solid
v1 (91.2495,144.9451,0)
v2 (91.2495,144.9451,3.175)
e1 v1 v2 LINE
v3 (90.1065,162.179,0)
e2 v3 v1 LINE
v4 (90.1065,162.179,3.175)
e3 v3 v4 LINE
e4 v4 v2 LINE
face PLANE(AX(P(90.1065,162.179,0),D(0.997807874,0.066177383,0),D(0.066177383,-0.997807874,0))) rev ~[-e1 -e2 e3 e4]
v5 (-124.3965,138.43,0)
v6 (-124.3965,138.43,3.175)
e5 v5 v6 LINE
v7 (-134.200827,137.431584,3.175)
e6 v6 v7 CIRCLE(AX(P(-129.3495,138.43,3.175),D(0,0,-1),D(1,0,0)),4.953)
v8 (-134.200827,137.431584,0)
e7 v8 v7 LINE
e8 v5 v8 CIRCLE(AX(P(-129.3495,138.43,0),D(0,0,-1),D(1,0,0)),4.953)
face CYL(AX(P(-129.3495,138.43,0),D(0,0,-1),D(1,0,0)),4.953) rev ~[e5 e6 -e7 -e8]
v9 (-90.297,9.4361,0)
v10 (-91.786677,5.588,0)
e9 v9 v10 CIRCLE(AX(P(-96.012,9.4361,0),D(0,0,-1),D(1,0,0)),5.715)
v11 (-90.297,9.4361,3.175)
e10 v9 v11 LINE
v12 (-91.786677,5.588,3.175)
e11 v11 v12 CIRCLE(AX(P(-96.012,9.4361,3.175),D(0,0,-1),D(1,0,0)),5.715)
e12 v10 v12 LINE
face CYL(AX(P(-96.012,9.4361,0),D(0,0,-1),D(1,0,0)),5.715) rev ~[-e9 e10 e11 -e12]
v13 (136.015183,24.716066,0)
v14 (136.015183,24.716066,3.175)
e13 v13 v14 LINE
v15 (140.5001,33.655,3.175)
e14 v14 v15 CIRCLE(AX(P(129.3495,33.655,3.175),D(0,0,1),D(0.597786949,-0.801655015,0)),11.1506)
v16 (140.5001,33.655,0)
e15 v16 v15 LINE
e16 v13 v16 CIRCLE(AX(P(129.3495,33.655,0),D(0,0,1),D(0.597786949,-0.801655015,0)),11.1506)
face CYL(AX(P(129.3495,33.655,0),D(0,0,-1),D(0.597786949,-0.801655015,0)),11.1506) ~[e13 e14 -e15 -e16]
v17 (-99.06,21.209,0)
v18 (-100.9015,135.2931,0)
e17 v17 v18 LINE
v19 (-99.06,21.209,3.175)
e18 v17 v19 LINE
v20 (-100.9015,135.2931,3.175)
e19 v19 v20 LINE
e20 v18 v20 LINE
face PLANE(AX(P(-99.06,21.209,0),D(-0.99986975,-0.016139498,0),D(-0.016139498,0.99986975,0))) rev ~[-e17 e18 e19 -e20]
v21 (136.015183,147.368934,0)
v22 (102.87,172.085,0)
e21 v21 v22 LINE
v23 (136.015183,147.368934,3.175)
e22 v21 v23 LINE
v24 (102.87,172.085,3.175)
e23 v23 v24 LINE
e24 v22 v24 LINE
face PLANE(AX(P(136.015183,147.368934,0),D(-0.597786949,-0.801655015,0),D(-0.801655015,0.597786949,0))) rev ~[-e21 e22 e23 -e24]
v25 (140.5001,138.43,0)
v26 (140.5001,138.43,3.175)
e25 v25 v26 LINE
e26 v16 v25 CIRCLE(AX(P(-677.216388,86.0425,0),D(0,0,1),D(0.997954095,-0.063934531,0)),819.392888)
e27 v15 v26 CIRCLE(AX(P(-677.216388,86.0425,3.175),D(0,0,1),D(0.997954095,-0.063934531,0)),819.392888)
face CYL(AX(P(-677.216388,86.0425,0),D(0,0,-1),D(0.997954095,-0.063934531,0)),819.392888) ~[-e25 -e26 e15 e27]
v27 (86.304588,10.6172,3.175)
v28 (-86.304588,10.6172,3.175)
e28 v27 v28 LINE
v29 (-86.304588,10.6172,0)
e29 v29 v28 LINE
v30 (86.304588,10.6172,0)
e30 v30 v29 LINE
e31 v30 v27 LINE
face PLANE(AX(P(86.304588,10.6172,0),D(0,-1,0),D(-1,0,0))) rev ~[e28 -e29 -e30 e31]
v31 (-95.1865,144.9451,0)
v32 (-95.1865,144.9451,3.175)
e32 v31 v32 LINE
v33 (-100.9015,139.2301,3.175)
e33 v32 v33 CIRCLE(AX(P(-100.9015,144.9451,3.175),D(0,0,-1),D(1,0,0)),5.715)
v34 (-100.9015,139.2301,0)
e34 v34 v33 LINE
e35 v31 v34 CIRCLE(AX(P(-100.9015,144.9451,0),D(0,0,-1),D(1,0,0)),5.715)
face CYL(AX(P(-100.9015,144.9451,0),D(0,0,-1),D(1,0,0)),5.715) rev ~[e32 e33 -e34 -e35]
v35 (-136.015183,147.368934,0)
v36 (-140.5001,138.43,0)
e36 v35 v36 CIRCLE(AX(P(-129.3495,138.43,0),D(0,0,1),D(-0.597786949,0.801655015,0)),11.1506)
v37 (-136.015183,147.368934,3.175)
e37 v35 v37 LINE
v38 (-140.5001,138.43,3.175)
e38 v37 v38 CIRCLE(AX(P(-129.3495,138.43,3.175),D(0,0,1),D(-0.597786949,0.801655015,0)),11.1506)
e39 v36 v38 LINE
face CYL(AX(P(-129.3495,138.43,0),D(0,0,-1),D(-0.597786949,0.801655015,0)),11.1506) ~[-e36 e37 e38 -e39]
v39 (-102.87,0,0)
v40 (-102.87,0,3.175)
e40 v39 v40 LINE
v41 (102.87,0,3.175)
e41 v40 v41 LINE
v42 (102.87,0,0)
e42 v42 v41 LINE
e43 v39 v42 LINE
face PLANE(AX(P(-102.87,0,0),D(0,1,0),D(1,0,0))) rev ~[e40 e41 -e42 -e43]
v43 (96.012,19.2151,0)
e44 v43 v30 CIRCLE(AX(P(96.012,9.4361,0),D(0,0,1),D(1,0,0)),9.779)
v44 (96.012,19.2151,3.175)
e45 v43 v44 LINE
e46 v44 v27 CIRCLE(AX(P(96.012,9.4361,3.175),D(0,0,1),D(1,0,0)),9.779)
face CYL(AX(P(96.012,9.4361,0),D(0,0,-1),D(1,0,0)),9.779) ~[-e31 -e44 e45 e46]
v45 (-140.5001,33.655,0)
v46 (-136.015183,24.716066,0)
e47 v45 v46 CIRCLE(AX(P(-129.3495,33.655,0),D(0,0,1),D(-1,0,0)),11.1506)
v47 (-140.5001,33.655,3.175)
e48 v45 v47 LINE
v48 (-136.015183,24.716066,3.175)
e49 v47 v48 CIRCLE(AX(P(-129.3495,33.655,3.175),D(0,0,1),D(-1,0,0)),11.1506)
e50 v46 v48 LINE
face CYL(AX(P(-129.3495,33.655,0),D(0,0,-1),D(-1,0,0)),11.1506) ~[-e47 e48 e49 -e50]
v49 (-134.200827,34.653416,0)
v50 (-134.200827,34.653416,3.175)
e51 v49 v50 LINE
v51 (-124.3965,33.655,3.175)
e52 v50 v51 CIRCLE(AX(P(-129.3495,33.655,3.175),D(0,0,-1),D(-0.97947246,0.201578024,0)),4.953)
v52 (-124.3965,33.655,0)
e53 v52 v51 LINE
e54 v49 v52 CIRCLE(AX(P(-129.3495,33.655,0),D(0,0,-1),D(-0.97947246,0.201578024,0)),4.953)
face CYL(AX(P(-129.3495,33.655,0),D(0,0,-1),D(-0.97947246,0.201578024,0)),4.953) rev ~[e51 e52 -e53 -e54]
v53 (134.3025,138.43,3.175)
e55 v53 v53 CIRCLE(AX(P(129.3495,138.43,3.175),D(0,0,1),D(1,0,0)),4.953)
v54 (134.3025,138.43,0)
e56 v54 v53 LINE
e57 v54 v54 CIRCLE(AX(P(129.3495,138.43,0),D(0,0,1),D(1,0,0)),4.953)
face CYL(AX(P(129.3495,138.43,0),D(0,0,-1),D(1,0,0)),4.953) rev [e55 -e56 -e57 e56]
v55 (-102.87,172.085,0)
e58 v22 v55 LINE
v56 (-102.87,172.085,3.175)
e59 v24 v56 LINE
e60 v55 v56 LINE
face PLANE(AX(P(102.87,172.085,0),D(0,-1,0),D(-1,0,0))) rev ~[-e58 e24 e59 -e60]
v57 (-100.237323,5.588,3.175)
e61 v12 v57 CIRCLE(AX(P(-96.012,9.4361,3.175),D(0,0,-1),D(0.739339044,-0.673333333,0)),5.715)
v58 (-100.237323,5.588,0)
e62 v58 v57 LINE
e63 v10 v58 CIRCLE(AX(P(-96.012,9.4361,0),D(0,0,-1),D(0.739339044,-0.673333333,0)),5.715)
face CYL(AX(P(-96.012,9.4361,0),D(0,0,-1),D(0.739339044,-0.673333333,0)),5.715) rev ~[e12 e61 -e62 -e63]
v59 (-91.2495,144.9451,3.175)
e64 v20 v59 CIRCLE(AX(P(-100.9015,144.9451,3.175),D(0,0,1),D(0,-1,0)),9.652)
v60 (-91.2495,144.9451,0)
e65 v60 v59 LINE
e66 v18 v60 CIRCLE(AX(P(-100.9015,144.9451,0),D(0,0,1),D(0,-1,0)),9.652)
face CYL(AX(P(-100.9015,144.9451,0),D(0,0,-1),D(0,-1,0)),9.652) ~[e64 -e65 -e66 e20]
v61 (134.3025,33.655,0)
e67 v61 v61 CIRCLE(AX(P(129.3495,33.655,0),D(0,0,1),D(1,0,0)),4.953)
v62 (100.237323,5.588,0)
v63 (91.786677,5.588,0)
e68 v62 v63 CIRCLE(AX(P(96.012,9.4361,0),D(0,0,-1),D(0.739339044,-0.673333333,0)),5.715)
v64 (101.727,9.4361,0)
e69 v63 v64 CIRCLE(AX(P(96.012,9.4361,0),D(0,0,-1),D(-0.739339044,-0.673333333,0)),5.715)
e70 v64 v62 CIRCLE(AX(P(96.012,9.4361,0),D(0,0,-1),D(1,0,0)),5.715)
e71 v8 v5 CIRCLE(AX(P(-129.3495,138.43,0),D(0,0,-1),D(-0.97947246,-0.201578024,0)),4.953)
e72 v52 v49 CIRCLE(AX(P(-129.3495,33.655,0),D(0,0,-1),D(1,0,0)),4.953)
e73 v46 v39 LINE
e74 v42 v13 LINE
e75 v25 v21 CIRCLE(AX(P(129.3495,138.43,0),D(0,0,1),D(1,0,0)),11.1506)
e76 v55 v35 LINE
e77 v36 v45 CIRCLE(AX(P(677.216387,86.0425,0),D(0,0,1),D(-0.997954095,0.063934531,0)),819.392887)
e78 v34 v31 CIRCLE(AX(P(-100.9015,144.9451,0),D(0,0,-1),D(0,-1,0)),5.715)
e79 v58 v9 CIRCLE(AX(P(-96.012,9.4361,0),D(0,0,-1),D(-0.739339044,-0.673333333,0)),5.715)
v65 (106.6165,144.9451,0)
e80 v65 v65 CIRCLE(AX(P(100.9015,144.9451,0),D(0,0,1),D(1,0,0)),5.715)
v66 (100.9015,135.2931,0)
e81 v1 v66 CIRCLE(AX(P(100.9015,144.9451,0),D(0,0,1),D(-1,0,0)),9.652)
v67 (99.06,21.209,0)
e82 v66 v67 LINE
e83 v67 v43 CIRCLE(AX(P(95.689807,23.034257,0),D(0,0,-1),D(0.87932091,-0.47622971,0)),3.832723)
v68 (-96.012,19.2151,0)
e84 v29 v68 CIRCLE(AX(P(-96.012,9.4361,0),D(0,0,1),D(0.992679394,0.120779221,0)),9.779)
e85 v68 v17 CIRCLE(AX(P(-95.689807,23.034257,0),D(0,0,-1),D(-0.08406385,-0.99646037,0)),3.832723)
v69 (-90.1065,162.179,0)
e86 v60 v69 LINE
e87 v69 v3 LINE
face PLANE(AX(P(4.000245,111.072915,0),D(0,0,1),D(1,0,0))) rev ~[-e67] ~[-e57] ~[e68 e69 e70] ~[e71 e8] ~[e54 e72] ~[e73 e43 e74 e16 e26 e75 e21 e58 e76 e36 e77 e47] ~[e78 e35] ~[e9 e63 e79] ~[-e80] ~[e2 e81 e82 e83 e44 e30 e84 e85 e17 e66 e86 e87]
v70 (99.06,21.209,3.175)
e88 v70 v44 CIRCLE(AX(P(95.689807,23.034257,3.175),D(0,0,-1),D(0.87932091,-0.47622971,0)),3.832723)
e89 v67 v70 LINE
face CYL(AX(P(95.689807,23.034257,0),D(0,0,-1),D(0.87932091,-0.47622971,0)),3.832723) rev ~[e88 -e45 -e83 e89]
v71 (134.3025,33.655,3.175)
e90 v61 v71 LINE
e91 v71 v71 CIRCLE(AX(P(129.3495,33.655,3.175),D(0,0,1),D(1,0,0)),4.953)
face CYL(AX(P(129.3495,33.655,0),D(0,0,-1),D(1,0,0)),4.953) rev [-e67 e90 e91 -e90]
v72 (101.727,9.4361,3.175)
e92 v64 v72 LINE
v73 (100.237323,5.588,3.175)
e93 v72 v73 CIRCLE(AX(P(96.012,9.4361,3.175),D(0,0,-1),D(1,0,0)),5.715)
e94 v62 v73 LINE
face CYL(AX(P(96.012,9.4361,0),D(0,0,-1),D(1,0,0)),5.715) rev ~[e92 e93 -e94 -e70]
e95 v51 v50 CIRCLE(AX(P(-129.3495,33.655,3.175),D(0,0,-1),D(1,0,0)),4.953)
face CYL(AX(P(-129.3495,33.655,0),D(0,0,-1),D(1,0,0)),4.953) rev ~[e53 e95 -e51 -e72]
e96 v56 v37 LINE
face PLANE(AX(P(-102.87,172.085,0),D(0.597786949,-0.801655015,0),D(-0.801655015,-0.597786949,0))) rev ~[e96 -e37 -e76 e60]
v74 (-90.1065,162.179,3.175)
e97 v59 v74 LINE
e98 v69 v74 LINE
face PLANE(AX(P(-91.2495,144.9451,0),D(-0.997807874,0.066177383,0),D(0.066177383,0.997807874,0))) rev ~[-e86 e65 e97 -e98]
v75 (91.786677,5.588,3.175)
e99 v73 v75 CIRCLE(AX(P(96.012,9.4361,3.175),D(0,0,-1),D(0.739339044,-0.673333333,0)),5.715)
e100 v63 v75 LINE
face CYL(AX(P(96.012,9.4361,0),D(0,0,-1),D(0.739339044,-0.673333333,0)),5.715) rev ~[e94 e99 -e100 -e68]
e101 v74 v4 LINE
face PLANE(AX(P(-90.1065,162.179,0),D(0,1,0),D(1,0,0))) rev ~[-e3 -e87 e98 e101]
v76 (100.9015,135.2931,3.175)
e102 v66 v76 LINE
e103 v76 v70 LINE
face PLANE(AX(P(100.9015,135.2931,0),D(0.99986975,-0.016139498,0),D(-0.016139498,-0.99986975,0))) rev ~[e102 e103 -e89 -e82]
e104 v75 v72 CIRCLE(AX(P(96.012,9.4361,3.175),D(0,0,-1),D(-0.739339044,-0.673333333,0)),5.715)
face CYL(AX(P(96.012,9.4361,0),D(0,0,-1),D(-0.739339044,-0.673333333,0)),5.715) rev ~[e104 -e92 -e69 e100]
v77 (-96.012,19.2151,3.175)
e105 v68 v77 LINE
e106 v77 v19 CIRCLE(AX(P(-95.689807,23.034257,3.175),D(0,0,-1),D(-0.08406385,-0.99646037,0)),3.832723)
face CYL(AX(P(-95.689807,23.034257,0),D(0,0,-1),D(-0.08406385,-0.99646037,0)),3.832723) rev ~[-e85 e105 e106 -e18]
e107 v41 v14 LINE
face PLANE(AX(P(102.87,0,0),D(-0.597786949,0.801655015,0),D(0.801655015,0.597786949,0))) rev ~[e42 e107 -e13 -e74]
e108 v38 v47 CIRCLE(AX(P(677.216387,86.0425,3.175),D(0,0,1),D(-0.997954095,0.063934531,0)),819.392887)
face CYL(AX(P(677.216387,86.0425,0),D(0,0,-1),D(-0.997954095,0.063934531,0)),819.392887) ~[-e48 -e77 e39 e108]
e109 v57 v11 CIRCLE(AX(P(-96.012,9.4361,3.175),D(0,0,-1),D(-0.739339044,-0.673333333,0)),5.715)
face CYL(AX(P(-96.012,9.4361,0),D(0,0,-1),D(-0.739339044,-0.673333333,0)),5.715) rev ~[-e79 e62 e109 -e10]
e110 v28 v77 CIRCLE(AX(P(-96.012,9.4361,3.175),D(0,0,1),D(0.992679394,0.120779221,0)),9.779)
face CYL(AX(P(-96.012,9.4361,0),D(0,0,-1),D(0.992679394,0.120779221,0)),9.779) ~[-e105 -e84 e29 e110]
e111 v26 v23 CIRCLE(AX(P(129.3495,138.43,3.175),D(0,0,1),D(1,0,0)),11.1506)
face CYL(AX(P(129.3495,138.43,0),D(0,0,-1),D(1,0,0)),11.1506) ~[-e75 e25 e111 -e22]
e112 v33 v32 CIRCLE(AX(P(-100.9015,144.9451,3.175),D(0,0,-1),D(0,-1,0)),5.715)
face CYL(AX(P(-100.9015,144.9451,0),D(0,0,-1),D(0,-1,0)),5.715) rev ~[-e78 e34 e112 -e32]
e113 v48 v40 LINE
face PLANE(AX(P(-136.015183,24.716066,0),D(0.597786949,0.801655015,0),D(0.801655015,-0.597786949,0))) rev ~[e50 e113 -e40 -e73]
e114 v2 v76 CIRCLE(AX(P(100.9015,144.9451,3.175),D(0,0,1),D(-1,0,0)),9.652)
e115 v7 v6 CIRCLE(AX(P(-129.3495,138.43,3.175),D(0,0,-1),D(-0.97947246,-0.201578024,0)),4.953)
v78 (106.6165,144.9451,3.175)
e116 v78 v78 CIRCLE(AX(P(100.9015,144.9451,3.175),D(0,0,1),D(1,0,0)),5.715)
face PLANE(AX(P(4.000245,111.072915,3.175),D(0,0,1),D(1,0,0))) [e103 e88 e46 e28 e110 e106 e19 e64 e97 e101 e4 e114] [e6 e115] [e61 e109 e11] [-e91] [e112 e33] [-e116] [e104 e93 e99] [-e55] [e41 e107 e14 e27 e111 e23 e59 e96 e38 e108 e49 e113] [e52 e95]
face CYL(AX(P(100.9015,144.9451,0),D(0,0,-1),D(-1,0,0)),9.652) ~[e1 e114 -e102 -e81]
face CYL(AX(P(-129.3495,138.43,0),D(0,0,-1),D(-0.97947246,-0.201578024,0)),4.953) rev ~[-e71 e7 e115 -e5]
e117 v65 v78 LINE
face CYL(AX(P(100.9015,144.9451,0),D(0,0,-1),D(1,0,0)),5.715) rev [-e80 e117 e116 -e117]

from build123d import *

# Parameters (mm, degrees)
F0_R     = 4.953
F0_R_2   = 5.715
F1_DEPTH = 3.175


with BuildPart() as f1:
    # F0 (on Top) → F1 (new body)
    with BuildSketch(Plane.XY):
        with BuildLine():
            ThreePointArc((-134.709203531, 128.651991081), (-135.82649827, 86.0425), (-134.709203531, 43.433008919))
            ThreePointArc((-134.709203531, 43.433008919), (-123.6674242276, 43.2492636652), (-118.1989, 33.655))
            ThreePointArc((-118.1989, 33.655), (-124.3490243362, 23.6884999375), (-136.0151831589, 24.7160655901))
            Line((-136.0151831589, 24.7160655901), (-110.3637203422, 5.588))
            Line((-110.3637203422, 5.588), (-105.0020482418, 5.588))
            ThreePointArc((-105.0020482418, 5.588), (-104.1747020924, 14.8211845444), (-96.012, 19.2151))
            ThreePointArc((-96.012, 19.2151), (-97.7879818424, 19.8268548269), (-99.06, 21.209))
            Line((-99.06, 21.209), (-100.9015, 135.2931))
            ThreePointArc((-100.9015, 135.2931), (-107.726494652, 151.770094652), (-91.2495, 144.9451))
            Line((-91.2495, 144.9451), (-90.1065, 162.179))
            Line((-90.1065, 162.179), (0, 162.179))
            Line((0, 162.179), (90.1065, 162.179))
            Line((90.1065, 162.179), (91.2495, 144.9451))
            ThreePointArc((91.2495, 144.9451), (100.9015, 154.5971), (110.5535, 144.9451))
            ThreePointArc((110.5535, 144.9451), (107.726494652, 138.120105348), (100.9015, 135.2931))
            Line((100.9015, 135.2931), (99.06, 21.209))
            ThreePointArc((99.06, 21.209), (97.7879818424, 19.8268548269), (96.012, 19.2151))
            ThreePointArc((96.012, 19.2151), (102.9267972132, 16.3508972132), (105.791, 9.4361))
            ThreePointArc((105.791, 9.4361), (105.591731801, 7.4720277962), (105.0020482418, 5.588))
            Line((105.0020482418, 5.588), (110.3637203422, 5.588))
            Line((110.3637203422, 5.588), (136.0151831589, 24.7160655901))
            ThreePointArc((136.0151831589, 24.7160655901), (119.3829999375, 38.6554756638), (140.5001, 33.655))
            ThreePointArc((140.5001, 33.655), (141.7572927653, 59.8353422316), (142.1765, 86.0425000001))
            ThreePointArc((142.1765, 86.0425000001), (141.7572927653, 112.2496577685), (140.5001, 138.43))
            ThreePointArc((140.5001, 138.43), (119.3829999375, 133.4295243362), (136.0151831589, 147.3689344099))
            Line((136.0151831589, 147.3689344099), (110.3637203422, 166.497))
            Line((110.3637203422, 166.497), (-110.3637203422, 166.497))
            Line((-110.3637203422, 166.497), (-136.0151831589, 147.3689344099))
            ThreePointArc((-136.0151831589, 147.3689344099), (-124.3490243362, 148.3965000625), (-118.1989, 138.43))
            ThreePointArc((-118.1989, 138.43), (-123.6674242276, 128.8357363348), (-134.709203531, 128.651991081))
        make_face()
        with BuildLine():
            ThreePointArc((-140.5001, 138.43), (-138.9437636652, 132.7479242276), (-134.709203531, 128.651991081))
            ThreePointArc((-134.709203531, 128.651991081), (-123.6674242276, 128.8357363348), (-118.1989, 138.43))
            ThreePointArc((-118.1989, 138.43), (-124.3490243362, 148.3965000625), (-136.0151831589, 147.3689344099))
            ThreePointArc((-136.0151831589, 147.3689344099), (-139.3160000625, 143.4304756638), (-140.5001, 138.43))
        make_face()
        with BuildLine():
            ThreePointArc((-124.3965, 138.43), (-128.8477102552, 133.5024837847), (-134.2008270955, 137.4315840484))
            ThreePointArc((-134.2008270955, 137.4315840484), (-129.8512897448, 143.3575162153), (-124.3965, 138.43))
        make_face(mode=Mode.SUBTRACT)
        with BuildLine():
            ThreePointArc((-140.5001, 33.655), (-138.9437636652, 39.3370757724), (-134.709203531, 43.433008919))
            ThreePointArc((-134.709203531, 43.433008919), (-135.82649827, 86.0425), (-134.709203531, 128.651991081))
            ThreePointArc((-134.709203531, 128.651991081), (-138.9437636652, 132.7479242276), (-140.5001, 138.43))
            ThreePointArc((-140.5001, 138.43), (-141.7572927653, 112.2496577685), (-142.1765, 86.0425000001))
            ThreePointArc((-142.1765, 86.0425000001), (-141.7572927653, 59.8353422316), (-140.5001, 33.655))
        make_face()
        with BuildLine():
            ThreePointArc((-118.1989, 33.655), (-123.6674242276, 43.2492636652), (-134.709203531, 43.433008919))
            ThreePointArc((-134.709203531, 43.433008919), (-138.9437636652, 39.3370757724), (-140.5001, 33.655))
            ThreePointArc((-140.5001, 33.655), (-139.3160000625, 28.6545243362), (-136.0151831589, 24.7160655901))
            ThreePointArc((-136.0151831589, 24.7160655901), (-124.3490243362, 23.6884999375), (-118.1989, 33.655))
        make_face()
        with BuildLine():
            ThreePointArc((-134.2008270955, 34.6534159516), (-128.8477102552, 38.5825162153), (-124.3965, 33.655))
            ThreePointArc((-124.3965, 33.655), (-129.8512897448, 28.7274837847), (-134.2008270955, 34.6534159516))
        make_face(mode=Mode.SUBTRACT)
        with BuildLine():
            Line((-105.0020482418, 5.588), (-110.3637203422, 5.588))
            Line((-110.3637203422, 5.588), (-102.87, 0))
            Line((-102.87, 0), (-98.57887705, 0))
            ThreePointArc((-98.57887705, 0), (-102.430494103, 2.0583107343), (-105.0020482418, 5.588))
        make_face()
        with BuildLine():
            Line((-100.2373226374, 5.588), (-105.0020482418, 5.588))
            ThreePointArc((-105.0020482418, 5.588), (-102.430494103, 2.0583107343), (-98.57887705, 0))
            Line((-98.57887705, 0), (-93.44512295, 0))
            ThreePointArc((-93.44512295, 0), (-93.043740424, 0.1184674633), (-92.6477942111, 0.254))
            ThreePointArc((-92.6477942111, 0.254), (-89.2837173689, 2.3396886649), (-87.0219517582, 5.588))
            Line((-87.0219517582, 5.588), (-91.7866773626, 5.588))
            ThreePointArc((-91.7866773626, 5.588), (-96.012, 3.7211), (-100.2373226374, 5.588))
        make_face()
        with BuildLine():
            ThreePointArc((-96.012, 19.2151), (-104.1747020924, 14.8211845444), (-105.0020482418, 5.588))
            Line((-105.0020482418, 5.588), (-100.2373226374, 5.588))
            ThreePointArc((-100.2373226374, 5.588), (-98.0751900212, 14.7656845932), (-90.297, 9.4361))
            ThreePointArc((-90.297, 9.4361), (-90.6824154068, 7.3729099788), (-91.7866773626, 5.588))
            Line((-91.7866773626, 5.588), (-87.0219517582, 5.588))
            ThreePointArc((-87.0219517582, 5.588), (-86.432268199, 7.4720277962), (-86.233, 9.4361))
            ThreePointArc((-86.233, 9.4361), (-86.250913458, 10.027733772), (-86.3045882033, 10.6172))
            ThreePointArc((-86.3045882033, 10.6172), (-89.5282177666, 16.7565787378), (-96.012, 19.2151))
        make_face()
        with BuildLine():
            ThreePointArc((-92.6477942111, 0.254), (-93.043740424, 0.1184674633), (-93.44512295, 0))
            Line((-93.44512295, 0), (0, 0))
            Line((0, 0), (93.44512295, 0))
            ThreePointArc((93.44512295, 0), (89.593505897, 2.0583107343), (87.0219517582, 5.588))
            Line((87.0219517582, 5.588), (0, 5.588))
            Line((0, 5.588), (-87.0219517582, 5.588))
            ThreePointArc((-87.0219517582, 5.588), (-89.2837173689, 2.3396886649), (-92.6477942111, 0.254))
        make_face()
        with BuildLine():
            Line((0, 10.6172), (-86.3045882033, 10.6172))
            ThreePointArc((-86.3045882033, 10.6172), (-86.250913458, 10.027733772), (-86.233, 9.4361))
            ThreePointArc((-86.233, 9.4361), (-86.432268199, 7.4720277962), (-87.0219517582, 5.588))
            Line((-87.0219517582, 5.588), (0, 5.588))
            Line((0, 5.588), (87.0219517582, 5.588))
            ThreePointArc((87.0219517582, 5.588), (86.3309894054, 8.0552036), (86.3045882033, 10.6172))
            Line((86.3045882033, 10.6172), (0, 10.6172))
        make_face()
        with BuildLine():
            ThreePointArc((87.0219517582, 5.588), (89.593505897, 2.0583107343), (93.44512295, 0))
            Line((93.44512295, 0), (98.57887705, 0))
            ThreePointArc((98.57887705, 0), (102.430494103, 2.0583107343), (105.0020482418, 5.588))
            Line((105.0020482418, 5.588), (100.2373226374, 5.588))
            ThreePointArc((100.2373226374, 5.588), (96.012, 3.7211), (91.7866773626, 5.588))
            Line((91.7866773626, 5.588), (87.0219517582, 5.588))
        make_face()
        with BuildLine():
            ThreePointArc((96.012, 19.2151), (89.5282177666, 16.7565787378), (86.3045882033, 10.6172))
            ThreePointArc((86.3045882033, 10.6172), (86.3309894054, 8.0552036), (87.0219517582, 5.588))
            Line((87.0219517582, 5.588), (91.7866773626, 5.588))
            ThreePointArc((91.7866773626, 5.588), (93.9488099788, 14.7656845932), (101.727, 9.4361))
            ThreePointArc((101.727, 9.4361), (101.3415845932, 7.3729099788), (100.2373226374, 5.588))
            Line((100.2373226374, 5.588), (105.0020482418, 5.588))
            ThreePointArc((105.0020482418, 5.588), (105.591731801, 7.4720277962), (105.791, 9.4361))
            ThreePointArc((105.791, 9.4361), (102.9267972132, 16.3508972132), (96.012, 19.2151))
        make_face()
        with BuildLine():
            ThreePointArc((105.0020482418, 5.588), (102.430494103, 2.0583107343), (98.57887705, 0))
            Line((98.57887705, 0), (102.87, 0))
            Line((102.87, 0), (110.3637203422, 5.588))
            Line((110.3637203422, 5.588), (105.0020482418, 5.588))
        make_face()
        with BuildLine():
            ThreePointArc((136.0151831589, 24.7160655901), (139.3160000625, 28.6545243362), (140.5001, 33.655))
            ThreePointArc((140.5001, 33.655), (119.3829999375, 38.6554756638), (136.0151831589, 24.7160655901))
        make_face()
        with Locations((129.3495, 33.655)):
            Circle(F0_R, mode=Mode.SUBTRACT)
        with BuildLine():
            ThreePointArc((140.5001, 138.43), (139.3160000625, 143.4304756638), (136.0151831589, 147.3689344099))
            ThreePointArc((136.0151831589, 147.3689344099), (119.3829999375, 133.4295243362), (140.5001, 138.43))
        make_face()
        with Locations((129.3495, 138.43)):
            Circle(F0_R, mode=Mode.SUBTRACT)
        with BuildLine():
            ThreePointArc((91.2495, 144.9451), (94.076505348, 138.120105348), (100.9015, 135.2931))
            ThreePointArc((100.9015, 135.2931), (107.726494652, 138.120105348), (110.5535, 144.9451))
            ThreePointArc((110.5535, 144.9451), (100.9015, 154.5971), (91.2495, 144.9451))
        make_face()
        with Locations((100.9015, 144.9451)):
            Circle(F0_R_2, mode=Mode.SUBTRACT)
        Polygon((-102.87, 172.085), (-110.3637203422, 166.497), (110.3637203422, 166.497), (102.87, 172.085), align=None)
        with BuildLine():
            ThreePointArc((-91.2495, 144.9451), (-107.726494652, 151.770094652), (-100.9015, 135.2931))
            ThreePointArc((-100.9015, 135.2931), (-94.076505348, 138.120105348), (-91.2495, 144.9451))
        make_face()
        with BuildLine():
            ThreePointArc((-95.1865, 144.9451), (-96.8603847455, 140.9039847455), (-100.9015, 139.2301))
            ThreePointArc((-100.9015, 139.2301), (-104.9426152545, 148.9862152545), (-95.1865, 144.9451))
        make_face(mode=Mode.SUBTRACT)
    extrude(amount=F1_DEPTH)


solid = f1.part
